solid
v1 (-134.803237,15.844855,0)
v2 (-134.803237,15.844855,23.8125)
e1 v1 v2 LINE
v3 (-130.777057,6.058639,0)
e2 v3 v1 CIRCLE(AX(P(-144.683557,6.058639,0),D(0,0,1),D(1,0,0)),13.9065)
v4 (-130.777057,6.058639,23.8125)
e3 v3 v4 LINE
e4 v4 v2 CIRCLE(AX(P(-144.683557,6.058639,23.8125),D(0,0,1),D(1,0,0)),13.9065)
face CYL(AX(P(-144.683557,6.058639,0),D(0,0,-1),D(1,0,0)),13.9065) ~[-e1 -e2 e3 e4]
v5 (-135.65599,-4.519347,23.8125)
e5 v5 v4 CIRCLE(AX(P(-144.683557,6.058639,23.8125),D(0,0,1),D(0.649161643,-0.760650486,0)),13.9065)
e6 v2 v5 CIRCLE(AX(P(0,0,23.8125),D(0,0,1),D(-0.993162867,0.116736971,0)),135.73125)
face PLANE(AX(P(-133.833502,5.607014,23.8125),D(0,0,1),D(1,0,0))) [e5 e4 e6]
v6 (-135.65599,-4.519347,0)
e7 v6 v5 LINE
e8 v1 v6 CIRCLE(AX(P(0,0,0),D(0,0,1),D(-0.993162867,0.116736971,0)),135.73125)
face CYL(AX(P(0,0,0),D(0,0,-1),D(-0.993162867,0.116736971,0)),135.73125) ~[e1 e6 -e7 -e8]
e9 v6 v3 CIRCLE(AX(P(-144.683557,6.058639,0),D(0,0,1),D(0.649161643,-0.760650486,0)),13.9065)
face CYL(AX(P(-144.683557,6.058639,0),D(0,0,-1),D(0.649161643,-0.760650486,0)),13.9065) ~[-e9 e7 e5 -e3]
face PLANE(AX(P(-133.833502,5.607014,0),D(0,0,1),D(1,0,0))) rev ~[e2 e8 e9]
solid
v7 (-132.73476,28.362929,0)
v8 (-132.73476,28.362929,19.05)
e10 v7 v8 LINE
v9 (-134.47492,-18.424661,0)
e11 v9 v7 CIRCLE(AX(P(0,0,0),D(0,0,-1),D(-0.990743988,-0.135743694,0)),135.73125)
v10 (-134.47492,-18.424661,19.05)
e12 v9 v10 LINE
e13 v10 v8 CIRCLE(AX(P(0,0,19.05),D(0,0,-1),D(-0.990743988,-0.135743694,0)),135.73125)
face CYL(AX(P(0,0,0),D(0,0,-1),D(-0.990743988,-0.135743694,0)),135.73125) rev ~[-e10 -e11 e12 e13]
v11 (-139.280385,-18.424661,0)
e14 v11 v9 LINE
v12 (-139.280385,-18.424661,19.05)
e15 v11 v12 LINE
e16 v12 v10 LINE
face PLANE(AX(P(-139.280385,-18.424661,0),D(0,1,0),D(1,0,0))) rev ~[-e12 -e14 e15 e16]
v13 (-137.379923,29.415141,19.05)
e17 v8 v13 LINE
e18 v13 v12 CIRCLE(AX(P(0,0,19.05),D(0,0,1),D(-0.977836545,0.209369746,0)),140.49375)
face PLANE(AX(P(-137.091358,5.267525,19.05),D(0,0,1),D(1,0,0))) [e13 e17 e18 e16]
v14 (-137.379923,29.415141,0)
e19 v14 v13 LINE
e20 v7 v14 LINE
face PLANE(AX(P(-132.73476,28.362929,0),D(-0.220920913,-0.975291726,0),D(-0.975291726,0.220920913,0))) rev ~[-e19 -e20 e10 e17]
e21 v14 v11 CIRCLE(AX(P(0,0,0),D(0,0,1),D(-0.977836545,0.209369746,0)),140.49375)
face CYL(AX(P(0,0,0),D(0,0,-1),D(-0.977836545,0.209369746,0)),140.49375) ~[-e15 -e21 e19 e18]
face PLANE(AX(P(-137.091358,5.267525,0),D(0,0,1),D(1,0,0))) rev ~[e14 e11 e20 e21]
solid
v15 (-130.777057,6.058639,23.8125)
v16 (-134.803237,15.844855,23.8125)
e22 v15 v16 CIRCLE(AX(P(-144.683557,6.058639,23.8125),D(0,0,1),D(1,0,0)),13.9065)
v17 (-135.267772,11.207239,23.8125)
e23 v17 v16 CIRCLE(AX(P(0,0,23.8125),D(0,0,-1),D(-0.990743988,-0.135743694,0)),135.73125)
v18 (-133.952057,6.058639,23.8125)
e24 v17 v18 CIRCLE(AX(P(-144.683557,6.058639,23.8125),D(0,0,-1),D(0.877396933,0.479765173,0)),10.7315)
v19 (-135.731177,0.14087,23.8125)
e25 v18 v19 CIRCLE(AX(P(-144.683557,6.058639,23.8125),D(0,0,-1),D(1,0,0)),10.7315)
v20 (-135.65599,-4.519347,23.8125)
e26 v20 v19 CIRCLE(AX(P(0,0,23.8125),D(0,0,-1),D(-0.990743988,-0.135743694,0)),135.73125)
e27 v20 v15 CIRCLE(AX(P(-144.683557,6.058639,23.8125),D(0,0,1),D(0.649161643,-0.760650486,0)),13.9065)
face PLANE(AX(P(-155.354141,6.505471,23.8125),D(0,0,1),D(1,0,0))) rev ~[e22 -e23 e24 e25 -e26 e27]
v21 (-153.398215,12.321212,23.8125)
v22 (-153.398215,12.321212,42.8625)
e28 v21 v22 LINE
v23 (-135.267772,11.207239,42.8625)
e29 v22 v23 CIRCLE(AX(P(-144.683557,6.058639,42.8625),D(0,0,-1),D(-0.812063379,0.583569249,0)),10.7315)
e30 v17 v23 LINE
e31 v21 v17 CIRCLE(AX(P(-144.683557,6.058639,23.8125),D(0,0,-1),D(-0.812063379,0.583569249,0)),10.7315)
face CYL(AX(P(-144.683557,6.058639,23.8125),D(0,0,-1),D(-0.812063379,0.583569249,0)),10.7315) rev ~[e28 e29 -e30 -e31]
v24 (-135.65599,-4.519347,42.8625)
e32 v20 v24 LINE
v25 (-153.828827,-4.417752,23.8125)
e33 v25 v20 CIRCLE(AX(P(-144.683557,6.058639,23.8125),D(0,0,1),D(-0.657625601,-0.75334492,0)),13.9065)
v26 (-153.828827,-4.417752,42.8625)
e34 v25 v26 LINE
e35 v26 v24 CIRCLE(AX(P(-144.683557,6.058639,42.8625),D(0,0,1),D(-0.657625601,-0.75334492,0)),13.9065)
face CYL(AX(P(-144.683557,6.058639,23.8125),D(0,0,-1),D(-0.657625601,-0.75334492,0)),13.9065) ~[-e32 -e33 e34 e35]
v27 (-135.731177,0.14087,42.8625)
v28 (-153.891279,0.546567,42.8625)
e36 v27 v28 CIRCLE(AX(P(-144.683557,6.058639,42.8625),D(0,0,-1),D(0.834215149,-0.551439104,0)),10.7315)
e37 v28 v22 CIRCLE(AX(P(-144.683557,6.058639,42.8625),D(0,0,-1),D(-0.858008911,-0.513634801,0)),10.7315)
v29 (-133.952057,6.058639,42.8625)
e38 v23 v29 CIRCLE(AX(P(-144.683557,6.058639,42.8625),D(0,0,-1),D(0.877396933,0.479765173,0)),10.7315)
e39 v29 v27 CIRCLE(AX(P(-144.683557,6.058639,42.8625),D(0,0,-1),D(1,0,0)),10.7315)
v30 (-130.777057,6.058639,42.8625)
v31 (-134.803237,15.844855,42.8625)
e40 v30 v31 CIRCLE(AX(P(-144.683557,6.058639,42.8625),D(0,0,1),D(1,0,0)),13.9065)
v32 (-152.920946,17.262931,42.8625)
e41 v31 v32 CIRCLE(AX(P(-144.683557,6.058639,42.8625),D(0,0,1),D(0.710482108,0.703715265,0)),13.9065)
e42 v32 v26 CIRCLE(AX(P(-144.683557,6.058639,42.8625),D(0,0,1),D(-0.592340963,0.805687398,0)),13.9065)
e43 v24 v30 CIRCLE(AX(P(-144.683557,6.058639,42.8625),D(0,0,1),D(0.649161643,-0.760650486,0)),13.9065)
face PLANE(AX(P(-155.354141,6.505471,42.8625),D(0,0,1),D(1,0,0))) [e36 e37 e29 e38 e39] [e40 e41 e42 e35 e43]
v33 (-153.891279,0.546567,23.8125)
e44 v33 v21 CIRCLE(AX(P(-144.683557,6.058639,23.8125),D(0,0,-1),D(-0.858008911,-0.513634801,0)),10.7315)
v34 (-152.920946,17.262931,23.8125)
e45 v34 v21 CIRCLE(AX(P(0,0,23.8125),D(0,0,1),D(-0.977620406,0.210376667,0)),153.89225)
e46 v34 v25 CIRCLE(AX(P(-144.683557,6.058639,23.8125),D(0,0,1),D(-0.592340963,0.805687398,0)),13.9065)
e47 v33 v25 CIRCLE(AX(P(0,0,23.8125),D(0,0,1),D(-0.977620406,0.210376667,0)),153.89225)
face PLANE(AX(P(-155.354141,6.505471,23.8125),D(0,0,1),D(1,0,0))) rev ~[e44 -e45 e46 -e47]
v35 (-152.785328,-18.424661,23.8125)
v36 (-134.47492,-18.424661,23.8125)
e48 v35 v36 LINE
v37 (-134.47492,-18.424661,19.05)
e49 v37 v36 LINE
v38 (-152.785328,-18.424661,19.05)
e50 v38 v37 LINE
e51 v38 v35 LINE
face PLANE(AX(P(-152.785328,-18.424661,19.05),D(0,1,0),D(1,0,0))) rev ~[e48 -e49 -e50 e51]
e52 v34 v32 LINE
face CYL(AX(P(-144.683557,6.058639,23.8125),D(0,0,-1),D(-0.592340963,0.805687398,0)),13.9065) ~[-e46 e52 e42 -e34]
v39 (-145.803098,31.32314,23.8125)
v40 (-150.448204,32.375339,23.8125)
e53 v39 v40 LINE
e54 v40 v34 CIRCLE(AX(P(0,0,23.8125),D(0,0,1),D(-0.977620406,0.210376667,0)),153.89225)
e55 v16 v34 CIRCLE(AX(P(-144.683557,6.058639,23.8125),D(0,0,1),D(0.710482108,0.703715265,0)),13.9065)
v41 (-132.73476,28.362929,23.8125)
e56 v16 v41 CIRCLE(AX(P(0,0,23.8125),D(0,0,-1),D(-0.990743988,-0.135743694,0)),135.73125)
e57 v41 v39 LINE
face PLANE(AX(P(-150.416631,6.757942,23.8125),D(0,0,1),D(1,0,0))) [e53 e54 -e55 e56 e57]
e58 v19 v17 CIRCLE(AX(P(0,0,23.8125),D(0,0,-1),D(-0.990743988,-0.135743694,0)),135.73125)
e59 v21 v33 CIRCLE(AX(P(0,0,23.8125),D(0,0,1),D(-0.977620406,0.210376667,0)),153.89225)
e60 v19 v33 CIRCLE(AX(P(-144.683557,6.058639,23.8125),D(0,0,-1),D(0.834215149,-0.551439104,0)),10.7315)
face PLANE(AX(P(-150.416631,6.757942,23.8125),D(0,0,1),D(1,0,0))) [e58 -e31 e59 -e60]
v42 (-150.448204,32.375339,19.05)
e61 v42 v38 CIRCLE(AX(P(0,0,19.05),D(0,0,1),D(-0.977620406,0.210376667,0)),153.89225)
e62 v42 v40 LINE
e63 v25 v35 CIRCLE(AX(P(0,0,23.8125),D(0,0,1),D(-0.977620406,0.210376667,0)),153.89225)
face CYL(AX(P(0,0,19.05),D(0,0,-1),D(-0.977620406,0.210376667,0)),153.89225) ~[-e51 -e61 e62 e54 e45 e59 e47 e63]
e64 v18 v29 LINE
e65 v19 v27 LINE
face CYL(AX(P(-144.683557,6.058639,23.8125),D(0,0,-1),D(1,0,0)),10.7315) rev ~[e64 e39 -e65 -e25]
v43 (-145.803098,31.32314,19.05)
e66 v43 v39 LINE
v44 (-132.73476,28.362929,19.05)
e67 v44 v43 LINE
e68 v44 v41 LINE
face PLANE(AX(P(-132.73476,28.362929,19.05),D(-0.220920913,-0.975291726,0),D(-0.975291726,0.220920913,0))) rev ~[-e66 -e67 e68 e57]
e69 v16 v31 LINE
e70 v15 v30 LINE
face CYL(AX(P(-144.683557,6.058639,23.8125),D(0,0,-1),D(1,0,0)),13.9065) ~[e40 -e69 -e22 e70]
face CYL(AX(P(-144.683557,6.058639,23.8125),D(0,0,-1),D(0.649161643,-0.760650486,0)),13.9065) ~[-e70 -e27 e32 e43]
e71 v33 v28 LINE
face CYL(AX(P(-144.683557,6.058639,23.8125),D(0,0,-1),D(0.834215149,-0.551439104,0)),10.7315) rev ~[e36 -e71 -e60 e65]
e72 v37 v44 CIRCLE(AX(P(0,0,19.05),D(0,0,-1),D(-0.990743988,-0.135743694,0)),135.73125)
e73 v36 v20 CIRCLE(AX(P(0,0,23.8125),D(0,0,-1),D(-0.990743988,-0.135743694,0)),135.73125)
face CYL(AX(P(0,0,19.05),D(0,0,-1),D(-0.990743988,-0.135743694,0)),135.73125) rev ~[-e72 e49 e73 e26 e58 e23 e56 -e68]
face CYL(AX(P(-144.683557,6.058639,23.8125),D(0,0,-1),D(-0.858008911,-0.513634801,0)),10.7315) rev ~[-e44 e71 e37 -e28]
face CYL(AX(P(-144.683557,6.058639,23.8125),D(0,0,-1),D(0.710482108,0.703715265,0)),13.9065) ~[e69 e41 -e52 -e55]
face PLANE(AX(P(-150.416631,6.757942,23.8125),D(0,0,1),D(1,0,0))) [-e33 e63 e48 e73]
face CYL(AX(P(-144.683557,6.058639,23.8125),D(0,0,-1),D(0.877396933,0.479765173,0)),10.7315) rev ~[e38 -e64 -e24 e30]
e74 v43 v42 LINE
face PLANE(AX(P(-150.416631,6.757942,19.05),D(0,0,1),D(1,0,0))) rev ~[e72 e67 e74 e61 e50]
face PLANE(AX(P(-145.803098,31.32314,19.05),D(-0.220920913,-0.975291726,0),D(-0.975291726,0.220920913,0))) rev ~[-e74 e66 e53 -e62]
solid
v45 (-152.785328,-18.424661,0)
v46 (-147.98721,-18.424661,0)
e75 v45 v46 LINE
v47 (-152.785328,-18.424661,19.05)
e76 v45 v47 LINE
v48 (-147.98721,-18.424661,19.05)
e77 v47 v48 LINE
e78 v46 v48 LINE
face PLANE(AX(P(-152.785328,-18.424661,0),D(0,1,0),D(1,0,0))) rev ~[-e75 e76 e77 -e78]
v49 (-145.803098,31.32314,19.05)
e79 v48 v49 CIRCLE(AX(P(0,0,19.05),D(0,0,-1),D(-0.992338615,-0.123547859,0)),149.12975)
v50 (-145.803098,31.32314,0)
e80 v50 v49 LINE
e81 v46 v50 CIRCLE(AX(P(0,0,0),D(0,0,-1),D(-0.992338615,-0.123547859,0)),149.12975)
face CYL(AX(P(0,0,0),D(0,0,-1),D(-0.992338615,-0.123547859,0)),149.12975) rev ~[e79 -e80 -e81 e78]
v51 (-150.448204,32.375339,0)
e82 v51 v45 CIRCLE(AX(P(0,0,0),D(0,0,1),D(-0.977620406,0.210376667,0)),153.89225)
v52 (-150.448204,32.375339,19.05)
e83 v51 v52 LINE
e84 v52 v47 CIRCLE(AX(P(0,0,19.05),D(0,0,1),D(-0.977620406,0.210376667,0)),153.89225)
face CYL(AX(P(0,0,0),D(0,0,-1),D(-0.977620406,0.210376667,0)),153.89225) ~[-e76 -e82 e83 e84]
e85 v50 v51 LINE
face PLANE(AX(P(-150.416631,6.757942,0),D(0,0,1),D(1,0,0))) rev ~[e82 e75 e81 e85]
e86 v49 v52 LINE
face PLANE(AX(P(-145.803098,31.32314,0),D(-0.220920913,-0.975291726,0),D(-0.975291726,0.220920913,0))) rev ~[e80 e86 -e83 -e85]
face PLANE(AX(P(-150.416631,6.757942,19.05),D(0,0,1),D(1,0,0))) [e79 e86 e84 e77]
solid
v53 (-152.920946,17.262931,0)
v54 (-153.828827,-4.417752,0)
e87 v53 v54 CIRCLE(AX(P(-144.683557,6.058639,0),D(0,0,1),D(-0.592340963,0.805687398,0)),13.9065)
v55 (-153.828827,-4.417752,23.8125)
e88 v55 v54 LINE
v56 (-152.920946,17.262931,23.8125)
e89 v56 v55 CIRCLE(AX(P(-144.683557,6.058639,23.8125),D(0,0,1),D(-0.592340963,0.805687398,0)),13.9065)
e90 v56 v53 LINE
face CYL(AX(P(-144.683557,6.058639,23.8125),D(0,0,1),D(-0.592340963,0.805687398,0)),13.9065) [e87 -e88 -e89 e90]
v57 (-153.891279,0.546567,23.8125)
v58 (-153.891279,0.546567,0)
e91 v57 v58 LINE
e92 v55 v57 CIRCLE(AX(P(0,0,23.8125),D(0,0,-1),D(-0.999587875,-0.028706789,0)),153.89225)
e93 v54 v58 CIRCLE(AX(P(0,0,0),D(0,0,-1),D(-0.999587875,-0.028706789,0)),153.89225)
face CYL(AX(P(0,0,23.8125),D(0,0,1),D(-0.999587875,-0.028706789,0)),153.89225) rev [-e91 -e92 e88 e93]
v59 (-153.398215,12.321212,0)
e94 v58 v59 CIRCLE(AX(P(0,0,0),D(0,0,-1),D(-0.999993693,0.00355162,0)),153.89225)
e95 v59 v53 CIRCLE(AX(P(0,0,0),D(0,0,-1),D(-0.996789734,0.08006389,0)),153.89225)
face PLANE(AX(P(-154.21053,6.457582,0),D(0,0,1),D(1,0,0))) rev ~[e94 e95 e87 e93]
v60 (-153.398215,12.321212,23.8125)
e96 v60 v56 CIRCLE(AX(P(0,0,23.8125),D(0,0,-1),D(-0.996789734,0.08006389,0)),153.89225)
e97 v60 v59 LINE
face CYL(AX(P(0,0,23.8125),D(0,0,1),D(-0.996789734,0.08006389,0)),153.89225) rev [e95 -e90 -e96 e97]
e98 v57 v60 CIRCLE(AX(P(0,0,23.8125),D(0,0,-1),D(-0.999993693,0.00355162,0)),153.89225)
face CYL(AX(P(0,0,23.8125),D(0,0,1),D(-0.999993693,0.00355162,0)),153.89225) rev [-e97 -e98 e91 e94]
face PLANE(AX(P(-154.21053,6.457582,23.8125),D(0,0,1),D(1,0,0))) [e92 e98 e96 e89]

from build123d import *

# Parameters (mm, degrees)
F1_DEPTH = 19.05
F3_DEPTH = 4.7625
F5_DEPTH = 19.05
F6_DEPTH = 23.8125
F8_DEPTH = 23.8125


with BuildPart() as f1:
    # F0 (on Top) → F1 (new body)
    with BuildSketch(Plane.XY):
        with BuildLine():
            Line((-132.7347599463, 28.3629287724), (-137.3799231344, 29.4151408064))
            ThreePointArc((-137.3799231344, 29.4151408064), (-140.3830231556, 5.5767910807), (-139.2803849972, -18.4246613019))
            Line((-139.2803849972, -18.4246613019), (-134.4749199013, -18.4246613019))
            ThreePointArc((-134.4749199013, -18.4246613019), (-135.6374686335, 5.0447328221), (-132.7347599463, 28.3629287724))
        make_face()
    extrude(amount=F1_DEPTH)


with BuildPart() as f1b:
    # F0 (on Top) → F1, piece 2 (new body)
    with BuildSketch(Plane.XY):
        with BuildLine():
            ThreePointArc((-147.9872095519, -18.4246613019), (-148.9862311206, 6.5410451413), (-145.8030975801, 31.3231395476))
            Line((-145.8030975801, 31.3231395476), (-150.4482038917, 32.3753386981))
            ThreePointArc((-150.4482038917, 32.3753386981), (-153.7296449055, 7.0725446114), (-152.7853280455, -18.4246613019))
            Line((-152.7853280455, -18.4246613019), (-147.9872095519, -18.4246613019))
        make_face()
    extrude(amount=F1_DEPTH)


with BuildPart() as f3:
    # F2 (on face) → F3 (new body)
    with BuildSketch(Plane.XY.offset(19.05)):
        with BuildLine():
            Line((-145.8030975801, 31.3231395476), (-150.4482038917, 32.3753386981))
            ThreePointArc((-150.4482038917, 32.3753386981), (-153.7296449055, 7.0725446114), (-152.7853280455, -18.4246613019))
            Line((-152.7853280455, -18.4246613019), (-147.9872095519, -18.4246613019))
            ThreePointArc((-147.9872095519, -18.4246613019), (-148.9862311206, 6.5410451413), (-145.8030975801, 31.3231395476))
        make_face()
        with BuildLine():
            Line((-132.7347599463, 28.3629287724), (-145.8030975801, 31.3231395476))
            ThreePointArc((-145.8030975801, 31.3231395476), (-148.9862311206, 6.5410451413), (-147.9872095519, -18.4246613019))
            Line((-147.9872095519, -18.4246613019), (-134.4749199013, -18.4246613019))
            ThreePointArc((-134.4749199013, -18.4246613019), (-135.6374686335, 5.0447328221), (-132.7347599463, 28.3629287724))
        make_face()
    extrude(amount=F3_DEPTH)

    # F4 (on face) → F5 (join)
    with BuildSketch(Plane.XY.offset(23.8125)):
        with BuildLine():
            ThreePointArc((-153.891279398, 0.5465668514), (-155.4056601533, 6.507627891), (-153.3982149253, 12.3212121078))
            ThreePointArc((-153.3982149253, 12.3212121078), (-153.1795100202, 14.7939960805), (-152.9209463743, 17.2629305171))
            ThreePointArc((-152.9209463743, 17.2629305171), (-158.5778800893, 6.6404649248), (-153.8288271866, -4.4177524199))
            ThreePointArc((-153.8288271866, -4.4177524199), (-153.8800738093, -1.9358446467), (-153.891279398, 0.5465668514))
        make_face()
        with BuildLine():
            ThreePointArc((-153.3982149253, 12.3212121078), (-144.0254314137, 16.7699394438), (-135.2677715789, 11.2072386715))
            ThreePointArc((-135.2677715789, 11.2072386715), (-135.0554120904, 13.5280409391), (-134.8032373317, 15.8448550467))
            ThreePointArc((-134.8032373317, 15.8448550467), (-143.5984120239, 19.9227363481), (-152.9209463743, 17.2629305171))
            ThreePointArc((-152.9209463743, 17.2629305171), (-153.1795100202, 14.7939960805), (-153.3982149253, 12.3212121078))
        make_face()
        with BuildLine():
            ThreePointArc((-135.2677715789, 11.2072386715), (-134.2861871257, 8.7156665183), (-133.9520567695, 6.0586387167))
            ThreePointArc((-133.9520567695, 6.0586387167), (-134.406457061, 2.9689277543), (-135.7311768984, 0.140869974))
            ThreePointArc((-135.7311768984, 0.140869974), (-135.7135882934, -2.1895613935), (-135.6559903833, -4.5193472632))
            ThreePointArc((-135.6559903833, -4.5193472632), (-132.0555602103, 0.2341692001), (-130.7770567695, 6.0586387167))
            ThreePointArc((-130.7770567695, 6.0586387167), (-131.8229307251, 11.3496726416), (-134.8032373317, 15.8448550467))
            ThreePointArc((-134.8032373317, 15.8448550467), (-135.0554120904, 13.5280409391), (-135.2677715789, 11.2072386715))
        make_face()
        with BuildLine():
            ThreePointArc((-135.6559903833, -4.5193472632), (-135.7135882934, -2.1895613935), (-135.7311768984, 0.140869974))
            ThreePointArc((-135.7311768984, 0.140869974), (-144.9232387881, -4.6701843678), (-153.891279398, 0.5465668514))
            ThreePointArc((-153.891279398, 0.5465668514), (-153.8800738093, -1.9358446467), (-153.8288271866, -4.4177524199))
            ThreePointArc((-153.8288271866, -4.4177524199), (-144.7612995362, -7.8476439754), (-135.6559903833, -4.5193472632))
        make_face()
    extrude(amount=F5_DEPTH)


with BuildPart() as f6:
    # F4 (on face) → F6 (new body, through all)
    with BuildSketch(Plane.XY.offset(23.8125)):
        with BuildLine():
            ThreePointArc((-153.891279398, 0.5465668514), (-153.7575002986, 6.4386110288), (-153.3982149253, 12.3212121078))
            ThreePointArc((-153.3982149253, 12.3212121078), (-155.4056601533, 6.507627891), (-153.891279398, 0.5465668514))
        make_face()
        with BuildLine():
            ThreePointArc((-153.891279398, 0.5465668514), (-155.4056601533, 6.507627891), (-153.3982149253, 12.3212121078))
            ThreePointArc((-153.3982149253, 12.3212121078), (-153.1795100202, 14.7939960805), (-152.9209463743, 17.2629305171))
            ThreePointArc((-152.9209463743, 17.2629305171), (-158.5778800893, 6.6404649248), (-153.8288271866, -4.4177524199))
            ThreePointArc((-153.8288271866, -4.4177524199), (-153.8800738093, -1.9358446467), (-153.891279398, 0.5465668514))
        make_face()
    extrude(amount=-F6_DEPTH)


with BuildPart() as f8:
    # F7 (on face) → F8 (new body, through all)
    with BuildSketch(Plane.XY):
        with BuildLine():
            ThreePointArc((-130.7770567695, 6.0586387167), (-131.8229307251, 11.3496726416), (-134.8032373317, 15.8448550467))
            ThreePointArc((-134.8032373317, 15.8448550467), (-135.6124022646, 5.6787831954), (-135.6559903833, -4.5193472632))
            ThreePointArc((-135.6559903833, -4.5193472632), (-132.0555602103, 0.2341692001), (-130.7770567695, 6.0586387167))
        make_face()
    extrude(amount=F8_DEPTH)


solid = Compound([f1.part, f1b.part, f3.part, f6.part, f8.part])
